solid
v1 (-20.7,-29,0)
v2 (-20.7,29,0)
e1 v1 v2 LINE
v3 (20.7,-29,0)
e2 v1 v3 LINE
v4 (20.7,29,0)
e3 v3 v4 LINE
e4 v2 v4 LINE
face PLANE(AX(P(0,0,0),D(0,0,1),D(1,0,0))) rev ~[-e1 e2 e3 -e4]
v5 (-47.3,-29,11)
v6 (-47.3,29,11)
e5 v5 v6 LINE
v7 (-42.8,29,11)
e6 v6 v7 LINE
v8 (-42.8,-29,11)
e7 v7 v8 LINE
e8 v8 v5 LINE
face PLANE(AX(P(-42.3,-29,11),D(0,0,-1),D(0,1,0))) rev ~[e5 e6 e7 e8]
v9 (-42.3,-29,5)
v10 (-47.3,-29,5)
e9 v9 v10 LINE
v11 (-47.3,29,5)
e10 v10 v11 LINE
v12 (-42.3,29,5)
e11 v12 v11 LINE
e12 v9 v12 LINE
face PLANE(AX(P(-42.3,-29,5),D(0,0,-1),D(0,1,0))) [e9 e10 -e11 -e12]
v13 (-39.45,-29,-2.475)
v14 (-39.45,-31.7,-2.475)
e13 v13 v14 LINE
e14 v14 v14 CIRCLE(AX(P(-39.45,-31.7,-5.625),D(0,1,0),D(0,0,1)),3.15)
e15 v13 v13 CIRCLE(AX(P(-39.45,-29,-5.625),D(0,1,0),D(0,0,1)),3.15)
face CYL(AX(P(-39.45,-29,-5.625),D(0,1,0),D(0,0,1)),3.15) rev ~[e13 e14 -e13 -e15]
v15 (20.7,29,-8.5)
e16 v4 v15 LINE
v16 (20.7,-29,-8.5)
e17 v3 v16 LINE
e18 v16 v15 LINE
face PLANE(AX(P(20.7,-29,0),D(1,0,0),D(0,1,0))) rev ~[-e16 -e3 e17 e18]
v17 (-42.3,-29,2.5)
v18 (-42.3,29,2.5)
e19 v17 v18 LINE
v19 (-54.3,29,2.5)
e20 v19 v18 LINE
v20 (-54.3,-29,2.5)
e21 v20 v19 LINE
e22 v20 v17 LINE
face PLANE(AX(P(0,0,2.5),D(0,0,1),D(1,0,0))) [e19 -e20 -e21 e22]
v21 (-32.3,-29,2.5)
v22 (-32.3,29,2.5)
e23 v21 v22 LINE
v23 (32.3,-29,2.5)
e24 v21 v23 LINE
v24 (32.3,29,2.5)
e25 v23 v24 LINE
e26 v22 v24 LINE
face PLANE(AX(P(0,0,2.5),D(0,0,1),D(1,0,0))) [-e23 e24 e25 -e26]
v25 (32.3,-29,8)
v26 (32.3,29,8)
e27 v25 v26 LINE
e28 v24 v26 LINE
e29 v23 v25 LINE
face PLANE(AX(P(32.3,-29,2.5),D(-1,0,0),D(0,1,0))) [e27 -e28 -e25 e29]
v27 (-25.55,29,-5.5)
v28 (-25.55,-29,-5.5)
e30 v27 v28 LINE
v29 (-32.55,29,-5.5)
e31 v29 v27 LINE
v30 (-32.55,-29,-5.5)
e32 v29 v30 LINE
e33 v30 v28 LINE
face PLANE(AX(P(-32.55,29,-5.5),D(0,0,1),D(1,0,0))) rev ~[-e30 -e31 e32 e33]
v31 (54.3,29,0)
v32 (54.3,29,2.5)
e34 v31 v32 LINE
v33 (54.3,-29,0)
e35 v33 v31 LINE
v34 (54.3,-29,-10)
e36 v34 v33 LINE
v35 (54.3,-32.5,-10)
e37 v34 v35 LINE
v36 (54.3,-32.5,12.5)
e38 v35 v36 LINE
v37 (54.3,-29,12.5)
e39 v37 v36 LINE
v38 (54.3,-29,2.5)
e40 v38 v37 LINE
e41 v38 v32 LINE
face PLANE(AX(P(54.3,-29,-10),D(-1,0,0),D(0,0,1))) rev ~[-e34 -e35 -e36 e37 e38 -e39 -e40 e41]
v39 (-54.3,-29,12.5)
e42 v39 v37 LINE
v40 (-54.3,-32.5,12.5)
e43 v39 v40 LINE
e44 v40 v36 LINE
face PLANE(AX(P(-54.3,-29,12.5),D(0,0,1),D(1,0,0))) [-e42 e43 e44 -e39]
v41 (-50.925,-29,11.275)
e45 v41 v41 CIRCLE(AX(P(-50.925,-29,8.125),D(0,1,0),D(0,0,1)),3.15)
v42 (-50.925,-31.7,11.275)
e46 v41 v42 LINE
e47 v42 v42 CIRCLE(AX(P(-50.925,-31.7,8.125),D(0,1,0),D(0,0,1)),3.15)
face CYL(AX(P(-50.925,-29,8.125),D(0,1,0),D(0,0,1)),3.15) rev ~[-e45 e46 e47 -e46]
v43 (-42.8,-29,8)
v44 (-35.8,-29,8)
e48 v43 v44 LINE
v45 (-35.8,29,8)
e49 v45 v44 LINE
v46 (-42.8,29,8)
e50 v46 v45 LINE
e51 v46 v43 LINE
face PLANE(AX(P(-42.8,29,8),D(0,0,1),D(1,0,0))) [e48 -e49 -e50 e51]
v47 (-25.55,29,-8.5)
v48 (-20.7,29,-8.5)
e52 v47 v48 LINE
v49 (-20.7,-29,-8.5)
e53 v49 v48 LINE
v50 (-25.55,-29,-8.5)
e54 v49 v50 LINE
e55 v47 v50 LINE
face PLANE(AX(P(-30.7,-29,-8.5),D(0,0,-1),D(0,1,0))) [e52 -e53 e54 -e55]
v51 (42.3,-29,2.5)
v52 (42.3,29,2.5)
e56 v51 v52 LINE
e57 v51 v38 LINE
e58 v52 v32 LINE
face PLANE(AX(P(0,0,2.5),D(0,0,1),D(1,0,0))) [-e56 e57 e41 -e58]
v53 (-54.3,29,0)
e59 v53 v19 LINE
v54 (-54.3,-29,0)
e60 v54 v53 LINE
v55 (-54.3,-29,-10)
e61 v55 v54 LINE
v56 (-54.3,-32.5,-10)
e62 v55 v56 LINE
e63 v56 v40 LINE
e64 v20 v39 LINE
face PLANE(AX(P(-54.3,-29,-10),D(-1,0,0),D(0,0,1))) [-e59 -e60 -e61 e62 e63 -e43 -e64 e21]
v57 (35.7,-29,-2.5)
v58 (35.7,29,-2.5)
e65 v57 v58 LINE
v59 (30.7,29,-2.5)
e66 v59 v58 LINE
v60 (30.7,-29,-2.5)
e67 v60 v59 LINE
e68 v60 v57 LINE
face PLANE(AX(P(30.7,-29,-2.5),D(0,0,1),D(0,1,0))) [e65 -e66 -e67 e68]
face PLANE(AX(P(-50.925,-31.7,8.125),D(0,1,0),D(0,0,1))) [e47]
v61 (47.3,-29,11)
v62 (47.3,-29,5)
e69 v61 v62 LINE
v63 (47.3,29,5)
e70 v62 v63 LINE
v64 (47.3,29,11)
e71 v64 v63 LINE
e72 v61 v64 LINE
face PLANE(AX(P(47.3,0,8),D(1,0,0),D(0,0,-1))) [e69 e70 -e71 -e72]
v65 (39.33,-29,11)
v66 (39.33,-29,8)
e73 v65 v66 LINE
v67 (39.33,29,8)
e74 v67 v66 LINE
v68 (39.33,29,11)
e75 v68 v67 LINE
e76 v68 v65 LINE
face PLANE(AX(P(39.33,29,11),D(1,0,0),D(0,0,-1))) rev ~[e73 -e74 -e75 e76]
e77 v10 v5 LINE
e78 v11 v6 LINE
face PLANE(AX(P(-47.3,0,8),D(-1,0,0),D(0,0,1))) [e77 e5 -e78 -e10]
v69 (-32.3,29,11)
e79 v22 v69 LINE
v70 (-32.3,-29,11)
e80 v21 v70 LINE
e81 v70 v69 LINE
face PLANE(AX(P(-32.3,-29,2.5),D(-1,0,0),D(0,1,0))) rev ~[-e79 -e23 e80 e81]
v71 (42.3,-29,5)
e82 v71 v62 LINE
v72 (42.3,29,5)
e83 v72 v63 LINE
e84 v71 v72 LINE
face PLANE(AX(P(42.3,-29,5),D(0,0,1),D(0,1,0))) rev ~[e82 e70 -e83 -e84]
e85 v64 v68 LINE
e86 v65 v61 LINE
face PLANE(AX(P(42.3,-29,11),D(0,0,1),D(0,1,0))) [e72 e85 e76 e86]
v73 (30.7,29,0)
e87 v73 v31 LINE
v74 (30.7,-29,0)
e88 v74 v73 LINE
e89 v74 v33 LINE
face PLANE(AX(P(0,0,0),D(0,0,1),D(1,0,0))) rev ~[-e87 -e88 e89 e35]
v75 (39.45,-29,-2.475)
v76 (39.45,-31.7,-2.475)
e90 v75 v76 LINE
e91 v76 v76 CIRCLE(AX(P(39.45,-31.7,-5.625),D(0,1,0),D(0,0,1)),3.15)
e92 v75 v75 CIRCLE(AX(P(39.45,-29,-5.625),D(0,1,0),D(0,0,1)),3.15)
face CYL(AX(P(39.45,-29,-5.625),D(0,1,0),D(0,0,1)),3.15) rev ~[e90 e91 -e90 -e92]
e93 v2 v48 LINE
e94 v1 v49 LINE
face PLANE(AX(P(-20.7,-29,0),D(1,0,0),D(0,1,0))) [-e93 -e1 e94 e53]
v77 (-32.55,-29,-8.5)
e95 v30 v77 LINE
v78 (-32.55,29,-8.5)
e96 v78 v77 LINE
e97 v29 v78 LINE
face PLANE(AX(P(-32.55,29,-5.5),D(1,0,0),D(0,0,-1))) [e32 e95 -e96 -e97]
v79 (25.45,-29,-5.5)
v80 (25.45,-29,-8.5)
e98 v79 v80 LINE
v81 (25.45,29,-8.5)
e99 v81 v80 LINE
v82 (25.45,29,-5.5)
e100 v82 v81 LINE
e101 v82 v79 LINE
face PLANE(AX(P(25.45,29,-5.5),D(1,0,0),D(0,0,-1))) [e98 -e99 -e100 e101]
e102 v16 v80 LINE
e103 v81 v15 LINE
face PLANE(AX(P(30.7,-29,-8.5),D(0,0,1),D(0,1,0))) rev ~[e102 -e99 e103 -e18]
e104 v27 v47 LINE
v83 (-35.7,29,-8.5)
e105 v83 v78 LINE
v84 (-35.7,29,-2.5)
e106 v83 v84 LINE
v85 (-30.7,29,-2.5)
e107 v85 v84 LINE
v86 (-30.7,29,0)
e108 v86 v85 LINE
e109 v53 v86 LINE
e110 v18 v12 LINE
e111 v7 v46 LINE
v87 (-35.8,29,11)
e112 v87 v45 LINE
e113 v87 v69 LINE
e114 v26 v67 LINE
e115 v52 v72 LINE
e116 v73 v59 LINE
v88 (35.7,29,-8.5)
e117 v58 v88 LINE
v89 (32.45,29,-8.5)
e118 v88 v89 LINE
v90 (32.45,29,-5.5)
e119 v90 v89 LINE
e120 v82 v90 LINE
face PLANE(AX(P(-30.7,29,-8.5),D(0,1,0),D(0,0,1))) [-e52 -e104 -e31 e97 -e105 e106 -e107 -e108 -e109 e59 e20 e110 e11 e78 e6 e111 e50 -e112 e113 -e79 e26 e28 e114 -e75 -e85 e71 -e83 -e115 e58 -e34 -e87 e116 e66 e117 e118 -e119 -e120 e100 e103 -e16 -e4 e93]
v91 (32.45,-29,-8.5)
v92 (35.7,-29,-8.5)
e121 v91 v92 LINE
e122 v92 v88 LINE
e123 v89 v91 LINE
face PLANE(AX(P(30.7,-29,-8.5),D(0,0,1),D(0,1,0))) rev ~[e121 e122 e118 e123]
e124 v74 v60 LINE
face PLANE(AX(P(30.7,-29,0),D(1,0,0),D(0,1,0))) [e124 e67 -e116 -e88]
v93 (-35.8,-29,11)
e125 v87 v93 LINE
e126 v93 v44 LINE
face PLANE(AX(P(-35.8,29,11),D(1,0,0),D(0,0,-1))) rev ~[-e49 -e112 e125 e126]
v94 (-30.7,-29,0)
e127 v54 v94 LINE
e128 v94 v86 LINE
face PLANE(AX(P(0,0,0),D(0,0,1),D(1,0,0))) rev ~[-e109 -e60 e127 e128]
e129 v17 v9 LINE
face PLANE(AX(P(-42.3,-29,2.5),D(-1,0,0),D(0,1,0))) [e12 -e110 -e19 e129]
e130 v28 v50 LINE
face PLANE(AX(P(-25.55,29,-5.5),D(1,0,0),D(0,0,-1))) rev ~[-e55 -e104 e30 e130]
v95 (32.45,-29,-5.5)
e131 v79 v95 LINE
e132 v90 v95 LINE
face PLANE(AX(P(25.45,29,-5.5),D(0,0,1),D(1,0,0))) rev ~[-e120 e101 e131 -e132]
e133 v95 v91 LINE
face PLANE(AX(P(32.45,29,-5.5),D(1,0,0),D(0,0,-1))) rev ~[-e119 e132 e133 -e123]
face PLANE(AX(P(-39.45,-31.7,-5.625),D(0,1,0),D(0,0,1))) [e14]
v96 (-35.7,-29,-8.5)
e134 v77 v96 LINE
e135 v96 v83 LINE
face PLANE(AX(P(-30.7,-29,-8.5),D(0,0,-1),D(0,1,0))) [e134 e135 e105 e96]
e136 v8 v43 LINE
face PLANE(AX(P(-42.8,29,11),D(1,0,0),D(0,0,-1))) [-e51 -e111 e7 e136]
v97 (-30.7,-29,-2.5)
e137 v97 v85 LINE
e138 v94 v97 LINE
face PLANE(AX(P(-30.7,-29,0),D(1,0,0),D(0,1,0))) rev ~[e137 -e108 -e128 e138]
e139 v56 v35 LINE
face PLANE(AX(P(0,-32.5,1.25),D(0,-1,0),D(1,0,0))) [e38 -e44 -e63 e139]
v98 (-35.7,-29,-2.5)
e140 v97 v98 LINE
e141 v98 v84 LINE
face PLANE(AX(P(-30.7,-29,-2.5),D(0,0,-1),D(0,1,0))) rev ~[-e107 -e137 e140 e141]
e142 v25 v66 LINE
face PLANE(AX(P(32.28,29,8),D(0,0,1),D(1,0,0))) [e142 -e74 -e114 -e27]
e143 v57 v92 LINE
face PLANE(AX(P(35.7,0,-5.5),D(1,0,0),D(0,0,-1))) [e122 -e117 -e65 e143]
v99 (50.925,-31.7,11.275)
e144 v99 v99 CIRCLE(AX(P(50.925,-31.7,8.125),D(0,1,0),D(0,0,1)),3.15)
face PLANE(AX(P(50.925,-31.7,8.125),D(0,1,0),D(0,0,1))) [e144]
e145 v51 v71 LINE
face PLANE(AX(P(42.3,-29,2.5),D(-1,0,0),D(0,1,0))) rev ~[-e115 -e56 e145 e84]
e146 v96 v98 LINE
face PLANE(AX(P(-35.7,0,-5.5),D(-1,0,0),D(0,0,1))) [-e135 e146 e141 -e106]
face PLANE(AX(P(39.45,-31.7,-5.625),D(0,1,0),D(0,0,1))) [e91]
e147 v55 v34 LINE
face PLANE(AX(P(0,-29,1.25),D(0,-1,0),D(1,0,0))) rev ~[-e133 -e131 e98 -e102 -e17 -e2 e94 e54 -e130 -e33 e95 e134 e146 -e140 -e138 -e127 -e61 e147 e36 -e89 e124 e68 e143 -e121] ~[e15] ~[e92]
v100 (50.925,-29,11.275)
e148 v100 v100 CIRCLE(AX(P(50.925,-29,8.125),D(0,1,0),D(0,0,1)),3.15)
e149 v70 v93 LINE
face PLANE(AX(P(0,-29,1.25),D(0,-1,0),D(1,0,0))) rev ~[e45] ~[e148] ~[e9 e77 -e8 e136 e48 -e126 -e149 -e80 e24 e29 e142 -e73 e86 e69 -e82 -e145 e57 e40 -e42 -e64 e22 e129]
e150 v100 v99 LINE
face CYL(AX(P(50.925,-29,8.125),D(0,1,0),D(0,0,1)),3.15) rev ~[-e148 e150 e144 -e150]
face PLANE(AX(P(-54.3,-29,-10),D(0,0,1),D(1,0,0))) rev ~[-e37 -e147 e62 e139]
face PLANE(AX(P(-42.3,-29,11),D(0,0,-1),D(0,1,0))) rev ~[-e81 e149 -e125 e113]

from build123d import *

# Parameters (mm, degrees)
SKETCH1_W           = 108.6
SKETCH1_H           = 58
BOSS_EXTRUDE1_DEPTH = 2.5
SKETCH2_W           = 10
SKETCH2_H           = 58
BOSS_EXTRUDE2_DEPTH = 8.5
SKETCH3_W           = 6
SKETCH3_H           = 58
BOSS_EXTRUDE3_DEPTH = 5
SKETCH4_W           = 6
SKETCH4_H           = 58
BOSS_EXTRUDE4_DEPTH = 5
SKETCH5_W           = 10
SKETCH5_H           = 58
BOSS_EXTRUDE5_DEPTH = 8.5
SKETCH6_W           = 6
SKETCH6_H           = 58
BOSS_EXTRUDE6_DEPTH = 5
SKETCH7_W           = 6
SKETCH7_H           = 58
BOSS_EXTRUDE7_DEPTH = 5
SKETCH8_W           = 108.6
SKETCH8_H           = 22.5
BOSS_EXTRUDE8_DEPTH = 3.5
SKETCH9_R           = 3.15
CUT_EXTRUDE1_DEPTH  = 2.7
SKETCH10_W          = 7
SKETCH10_H          = 3
SKETCH10_W_2        = 7.05
CUT_EXTRUDE2_DEPTH  = 58


with BuildPart() as part:
    # Sketch1 → Boss-Extrude1 (new body)
    with BuildSketch(Plane.XY):
        Rectangle(SKETCH1_W, SKETCH1_H)
    extrude(amount=BOSS_EXTRUDE1_DEPTH)

    # Sketch2 → Boss-Extrude2 (add)
    with BuildSketch(Plane.XY.offset(2.5)):
        with Locations((-37.3, 0)):
            Rectangle(SKETCH2_W, SKETCH2_H)
        with Locations((37.3, 0)):
            Rectangle(SKETCH2_W, SKETCH2_H)
    extrude(amount=BOSS_EXTRUDE2_DEPTH)

    # Sketch3 → Boss-Extrude3 (add)
    with BuildSketch(Plane(origin=(42.3, 0, 0), x_dir=(0, 0, -1), z_dir=(1, 0, 0))):
        with Locations((-8, 0)):
            Rectangle(SKETCH3_W, SKETCH3_H)
    extrude(amount=BOSS_EXTRUDE3_DEPTH)

    # Sketch4 → Boss-Extrude4 (add)
    with BuildSketch(Plane.ZY.offset(42.3)):
        with Locations((8, 0)):
            Rectangle(SKETCH4_W, SKETCH4_H)
    extrude(amount=BOSS_EXTRUDE4_DEPTH)

    # Sketch5 → Boss-Extrude5 (add)
    with BuildSketch(Plane(origin=(0, 0, 0), x_dir=(-1, 0, 0), z_dir=(0, 0, -1))):
        with Locations((-25.7, 0)):
            Rectangle(SKETCH5_W, SKETCH5_H)
        with Locations((25.7, 0)):
            Rectangle(SKETCH5_W, SKETCH5_H)
    extrude(amount=BOSS_EXTRUDE5_DEPTH)

    # Sketch6 → Boss-Extrude6 (add)
    with BuildSketch(Plane(origin=(30.7, 0, 0), x_dir=(0, 0, -1), z_dir=(1, 0, 0))):
        with Locations((5.5, 0)):
            Rectangle(SKETCH6_W, SKETCH6_H)
    extrude(amount=BOSS_EXTRUDE6_DEPTH)

    # Sketch7 → Boss-Extrude7 (add)
    with BuildSketch(Plane.ZY.offset(30.7)):
        with Locations((-5.5, 0)):
            Rectangle(SKETCH7_W, SKETCH7_H)
    extrude(amount=BOSS_EXTRUDE7_DEPTH)

    # Sketch8 → Boss-Extrude8 (add)
    with BuildSketch(Plane.XZ.offset(29)):
        with Locations((0, 1.25)):
            Rectangle(SKETCH8_W, SKETCH8_H)
    extrude(amount=BOSS_EXTRUDE8_DEPTH)

    # Sketch9 → Cut-Extrude1 (cut)
    with BuildSketch(Plane(origin=(0, -29, 0), x_dir=(1, 0, 0), z_dir=(0, 1, 0))):
        with Locations(Location((-39.45, 5.625, 0), (0, 0, 270))):
            Circle(SKETCH9_R)
        with Locations(Location((-50.925, -8.125, 0), (0, 0, 270))):
            Circle(SKETCH9_R)
        with Locations(Location((39.45, 5.625, 0), (0, 0, 270))):
            Circle(SKETCH9_R)
        with Locations(Location((50.925, -8.125, 0), (0, 0, 270))):
            Circle(SKETCH9_R)
    extrude(amount=-CUT_EXTRUDE1_DEPTH, mode=Mode.SUBTRACT)

    # Sketch10 → Cut-Extrude2 (cut)
    with BuildSketch(Plane(origin=(0, 29, 0), x_dir=(1, 0, 0), z_dir=(0, 1, 0))):
        with Locations((28.95, 7)):
            Rectangle(SKETCH10_W, SKETCH10_H)
        with Locations((-29.05, 7)):
            Rectangle(SKETCH10_W, SKETCH10_H)
        with Locations((-39.3, -9.5)):
            Rectangle(SKETCH10_W, SKETCH10_H)
        with Locations((35.805, -9.5)):
            Rectangle(SKETCH10_W_2, SKETCH10_H)
    extrude(amount=-CUT_EXTRUDE2_DEPTH, mode=Mode.SUBTRACT)


solid = part.part
